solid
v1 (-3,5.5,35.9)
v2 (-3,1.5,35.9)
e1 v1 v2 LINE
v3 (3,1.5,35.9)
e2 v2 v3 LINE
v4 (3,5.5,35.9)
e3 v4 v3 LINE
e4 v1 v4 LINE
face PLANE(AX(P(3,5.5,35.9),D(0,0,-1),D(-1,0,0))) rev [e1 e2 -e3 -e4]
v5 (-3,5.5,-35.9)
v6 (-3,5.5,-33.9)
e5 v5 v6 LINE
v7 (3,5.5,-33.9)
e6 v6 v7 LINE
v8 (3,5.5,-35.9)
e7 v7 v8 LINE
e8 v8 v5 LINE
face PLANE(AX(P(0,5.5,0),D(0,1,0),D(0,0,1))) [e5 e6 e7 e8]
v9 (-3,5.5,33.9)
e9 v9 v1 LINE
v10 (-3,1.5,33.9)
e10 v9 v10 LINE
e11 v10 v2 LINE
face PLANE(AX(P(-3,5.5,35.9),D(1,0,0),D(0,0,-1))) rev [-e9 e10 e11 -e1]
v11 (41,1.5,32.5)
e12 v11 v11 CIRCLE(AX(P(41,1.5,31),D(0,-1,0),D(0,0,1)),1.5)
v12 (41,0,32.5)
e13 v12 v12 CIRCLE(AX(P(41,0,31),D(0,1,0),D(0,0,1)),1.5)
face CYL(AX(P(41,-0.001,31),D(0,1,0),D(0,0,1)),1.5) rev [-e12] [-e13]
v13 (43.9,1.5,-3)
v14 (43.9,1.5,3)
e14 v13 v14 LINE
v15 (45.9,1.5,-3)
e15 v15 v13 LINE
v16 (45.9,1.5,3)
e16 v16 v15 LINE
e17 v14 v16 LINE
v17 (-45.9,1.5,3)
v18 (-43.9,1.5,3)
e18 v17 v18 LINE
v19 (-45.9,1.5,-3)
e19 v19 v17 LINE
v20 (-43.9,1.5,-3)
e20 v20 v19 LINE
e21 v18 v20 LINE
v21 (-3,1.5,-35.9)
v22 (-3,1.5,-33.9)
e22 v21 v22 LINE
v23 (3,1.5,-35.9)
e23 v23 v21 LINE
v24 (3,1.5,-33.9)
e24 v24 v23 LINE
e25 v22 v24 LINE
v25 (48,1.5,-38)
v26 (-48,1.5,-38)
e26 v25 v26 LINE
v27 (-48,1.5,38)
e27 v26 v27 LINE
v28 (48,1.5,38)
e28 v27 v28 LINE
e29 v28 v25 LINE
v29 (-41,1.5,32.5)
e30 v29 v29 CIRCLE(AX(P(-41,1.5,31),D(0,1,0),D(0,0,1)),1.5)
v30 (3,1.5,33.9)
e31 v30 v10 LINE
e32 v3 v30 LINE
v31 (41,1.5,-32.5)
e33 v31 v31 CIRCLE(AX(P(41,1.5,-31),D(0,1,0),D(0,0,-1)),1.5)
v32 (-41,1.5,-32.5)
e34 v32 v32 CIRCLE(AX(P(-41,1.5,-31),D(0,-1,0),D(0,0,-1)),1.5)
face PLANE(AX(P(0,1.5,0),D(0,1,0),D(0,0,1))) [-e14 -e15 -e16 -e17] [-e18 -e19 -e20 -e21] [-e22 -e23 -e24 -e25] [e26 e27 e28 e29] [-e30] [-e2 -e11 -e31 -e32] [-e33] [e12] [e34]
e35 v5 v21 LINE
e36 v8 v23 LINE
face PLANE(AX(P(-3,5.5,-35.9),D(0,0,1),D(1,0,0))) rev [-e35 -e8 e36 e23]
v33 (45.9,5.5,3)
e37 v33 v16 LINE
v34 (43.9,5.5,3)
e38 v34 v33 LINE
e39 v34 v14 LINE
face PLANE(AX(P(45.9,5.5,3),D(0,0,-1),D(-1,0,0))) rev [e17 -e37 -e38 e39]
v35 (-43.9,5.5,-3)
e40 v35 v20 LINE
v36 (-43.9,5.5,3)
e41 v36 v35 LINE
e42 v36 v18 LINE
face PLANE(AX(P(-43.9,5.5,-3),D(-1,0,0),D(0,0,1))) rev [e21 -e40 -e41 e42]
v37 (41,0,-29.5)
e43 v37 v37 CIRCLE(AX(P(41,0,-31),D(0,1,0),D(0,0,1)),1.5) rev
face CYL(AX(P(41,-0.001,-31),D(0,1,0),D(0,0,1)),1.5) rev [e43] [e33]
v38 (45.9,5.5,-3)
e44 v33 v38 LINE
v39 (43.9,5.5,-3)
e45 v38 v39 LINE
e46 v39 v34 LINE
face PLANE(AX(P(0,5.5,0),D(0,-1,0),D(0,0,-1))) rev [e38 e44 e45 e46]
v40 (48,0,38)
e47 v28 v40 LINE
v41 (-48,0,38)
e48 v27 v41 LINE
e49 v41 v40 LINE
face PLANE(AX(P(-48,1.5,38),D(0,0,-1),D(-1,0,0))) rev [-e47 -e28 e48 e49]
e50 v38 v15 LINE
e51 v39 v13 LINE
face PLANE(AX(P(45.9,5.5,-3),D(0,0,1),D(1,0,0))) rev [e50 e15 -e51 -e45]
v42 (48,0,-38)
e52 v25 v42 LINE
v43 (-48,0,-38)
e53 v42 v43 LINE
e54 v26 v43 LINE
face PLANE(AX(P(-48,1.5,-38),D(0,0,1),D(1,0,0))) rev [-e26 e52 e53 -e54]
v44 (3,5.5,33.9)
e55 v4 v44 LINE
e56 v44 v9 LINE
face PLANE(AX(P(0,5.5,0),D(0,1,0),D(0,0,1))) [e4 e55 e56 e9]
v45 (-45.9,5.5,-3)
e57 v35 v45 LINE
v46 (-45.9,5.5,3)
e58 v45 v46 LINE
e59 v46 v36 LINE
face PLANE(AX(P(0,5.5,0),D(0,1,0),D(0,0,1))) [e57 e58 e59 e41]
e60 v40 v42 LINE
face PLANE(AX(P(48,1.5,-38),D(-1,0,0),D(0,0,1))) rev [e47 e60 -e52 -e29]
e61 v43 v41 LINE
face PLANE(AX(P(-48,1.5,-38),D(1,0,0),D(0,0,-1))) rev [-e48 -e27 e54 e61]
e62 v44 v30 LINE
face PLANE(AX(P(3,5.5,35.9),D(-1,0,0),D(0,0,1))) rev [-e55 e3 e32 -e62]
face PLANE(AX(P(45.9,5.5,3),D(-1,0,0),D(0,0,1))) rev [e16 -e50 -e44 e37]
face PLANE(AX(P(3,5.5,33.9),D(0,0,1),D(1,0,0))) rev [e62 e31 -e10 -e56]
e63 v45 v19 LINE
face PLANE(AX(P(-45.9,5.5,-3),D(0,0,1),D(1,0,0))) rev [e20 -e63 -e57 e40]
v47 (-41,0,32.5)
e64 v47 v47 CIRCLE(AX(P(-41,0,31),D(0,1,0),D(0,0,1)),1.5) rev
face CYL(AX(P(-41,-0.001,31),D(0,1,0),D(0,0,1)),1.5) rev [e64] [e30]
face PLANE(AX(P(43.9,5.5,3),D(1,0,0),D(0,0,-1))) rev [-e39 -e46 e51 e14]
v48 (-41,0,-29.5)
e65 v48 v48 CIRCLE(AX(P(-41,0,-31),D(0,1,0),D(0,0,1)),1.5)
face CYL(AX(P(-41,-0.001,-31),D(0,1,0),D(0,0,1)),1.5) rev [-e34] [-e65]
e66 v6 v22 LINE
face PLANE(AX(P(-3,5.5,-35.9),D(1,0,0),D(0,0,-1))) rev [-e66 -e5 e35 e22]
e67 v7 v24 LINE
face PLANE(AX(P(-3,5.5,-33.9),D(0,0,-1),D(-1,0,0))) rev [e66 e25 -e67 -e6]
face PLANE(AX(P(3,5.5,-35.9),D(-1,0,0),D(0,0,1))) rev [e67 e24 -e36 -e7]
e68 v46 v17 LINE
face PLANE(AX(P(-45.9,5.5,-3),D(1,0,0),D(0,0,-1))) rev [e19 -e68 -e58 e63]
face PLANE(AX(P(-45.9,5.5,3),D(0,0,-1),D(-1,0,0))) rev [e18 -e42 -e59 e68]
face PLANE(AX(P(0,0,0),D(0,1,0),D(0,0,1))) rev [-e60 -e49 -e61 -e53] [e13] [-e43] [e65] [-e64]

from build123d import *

# Parameters (mm, degrees)
SKETCH1_W               = 96
SKETCH1_H               = 76
BOSS_EXTRUDE1_DEPTH     = 1.5
SKETCH2_W               = 6
SKETCH2_H               = 2
SKETCH2_W_2             = 2
SKETCH2_H_2             = 6
BOSS_EXTRUDE2_DEPTH     = 4
CUT_EXTRUDE1_REACH      = 63.351
SKETCH3_R               = 1.5
MIRROR2_COPY_1_REACH    = 63.351
MIRROR2_COPY_1_SKETCH_R = 1.5


with BuildPart() as part:
    # Sketch1 → Boss-Extrude1 (new body)
    with BuildSketch(Plane(origin=(0, 0, 0), x_dir=(1, 0, 0), z_dir=(0, 1, 0))):
        Rectangle(SKETCH1_W, SKETCH1_H)
    extrude(amount=BOSS_EXTRUDE1_DEPTH)

    # Sketch2 → Boss-Extrude2 (add)
    with BuildSketch(Plane(origin=(0, 1.5, 0), x_dir=(1, 0, 0), z_dir=(0, 1, 0))):
        with Locations((0, 34.9)):
            Rectangle(SKETCH2_W, SKETCH2_H)
        with Locations((-44.9, 0)):
            Rectangle(SKETCH2_W_2, SKETCH2_H_2)
        with Locations((0, -34.9)):
            Rectangle(SKETCH2_W, SKETCH2_H)
        with Locations((44.9, 0)):
            Rectangle(SKETCH2_W_2, SKETCH2_H_2)
    extrude(amount=BOSS_EXTRUDE2_DEPTH)

    # Sketch3 → Cut-Extrude1 (cut, up to next)
    with BuildSketch(Plane(origin=(0, 1.5, 0), x_dir=(1, 0, 0), z_dir=(0, 1, 0)), mode=Mode.PRIVATE) as cut_extrude1_sk1:
        with Locations(Location((-41, -31, 0), (0, 0, 270))):
            Circle(SKETCH3_R)
    cut_extrude1_tool1 = extrude(cut_extrude1_sk1.sketch, amount=-CUT_EXTRUDE1_REACH, mode=Mode.PRIVATE) & part.part
    cut_extrude1 = cut_extrude1_tool1.solids().sort_by_distance((-41, 1.5, 31))[0]
    add(cut_extrude1, mode=Mode.SUBTRACT)

    # Mirror1: Cut-Extrude1 across plane
    add(cut_extrude1.mirror(Plane.XY), mode=Mode.SUBTRACT)

    # Mirror2: Cut-Extrude1 across plane
    add(cut_extrude1.mirror(Plane(origin=(0, 0, 0), x_dir=(0, 0, 1), z_dir=(1, 0, 0))), mode=Mode.SUBTRACT)

    # Mirror2 copy 1 sketch → Mirror2 copy 1 (cut, up to next)
    with BuildSketch(Plane(origin=(0, 1.5, 0), x_dir=(-1, 0, 0), z_dir=(0, 1, 0)), mode=Mode.PRIVATE) as mirror2_copy_1_sk1:
        with Locations(Location((-41, -31, 0), (0, 0, 270))):
            Circle(MIRROR2_COPY_1_SKETCH_R)
    mirror2_copy_1_tool1 = extrude(mirror2_copy_1_sk1.sketch, amount=-MIRROR2_COPY_1_REACH, mode=Mode.PRIVATE) & part.part
    add(mirror2_copy_1_tool1.solids().sort_by_distance((41, 1.5, -31))[0], mode=Mode.SUBTRACT)


solid = part.part
